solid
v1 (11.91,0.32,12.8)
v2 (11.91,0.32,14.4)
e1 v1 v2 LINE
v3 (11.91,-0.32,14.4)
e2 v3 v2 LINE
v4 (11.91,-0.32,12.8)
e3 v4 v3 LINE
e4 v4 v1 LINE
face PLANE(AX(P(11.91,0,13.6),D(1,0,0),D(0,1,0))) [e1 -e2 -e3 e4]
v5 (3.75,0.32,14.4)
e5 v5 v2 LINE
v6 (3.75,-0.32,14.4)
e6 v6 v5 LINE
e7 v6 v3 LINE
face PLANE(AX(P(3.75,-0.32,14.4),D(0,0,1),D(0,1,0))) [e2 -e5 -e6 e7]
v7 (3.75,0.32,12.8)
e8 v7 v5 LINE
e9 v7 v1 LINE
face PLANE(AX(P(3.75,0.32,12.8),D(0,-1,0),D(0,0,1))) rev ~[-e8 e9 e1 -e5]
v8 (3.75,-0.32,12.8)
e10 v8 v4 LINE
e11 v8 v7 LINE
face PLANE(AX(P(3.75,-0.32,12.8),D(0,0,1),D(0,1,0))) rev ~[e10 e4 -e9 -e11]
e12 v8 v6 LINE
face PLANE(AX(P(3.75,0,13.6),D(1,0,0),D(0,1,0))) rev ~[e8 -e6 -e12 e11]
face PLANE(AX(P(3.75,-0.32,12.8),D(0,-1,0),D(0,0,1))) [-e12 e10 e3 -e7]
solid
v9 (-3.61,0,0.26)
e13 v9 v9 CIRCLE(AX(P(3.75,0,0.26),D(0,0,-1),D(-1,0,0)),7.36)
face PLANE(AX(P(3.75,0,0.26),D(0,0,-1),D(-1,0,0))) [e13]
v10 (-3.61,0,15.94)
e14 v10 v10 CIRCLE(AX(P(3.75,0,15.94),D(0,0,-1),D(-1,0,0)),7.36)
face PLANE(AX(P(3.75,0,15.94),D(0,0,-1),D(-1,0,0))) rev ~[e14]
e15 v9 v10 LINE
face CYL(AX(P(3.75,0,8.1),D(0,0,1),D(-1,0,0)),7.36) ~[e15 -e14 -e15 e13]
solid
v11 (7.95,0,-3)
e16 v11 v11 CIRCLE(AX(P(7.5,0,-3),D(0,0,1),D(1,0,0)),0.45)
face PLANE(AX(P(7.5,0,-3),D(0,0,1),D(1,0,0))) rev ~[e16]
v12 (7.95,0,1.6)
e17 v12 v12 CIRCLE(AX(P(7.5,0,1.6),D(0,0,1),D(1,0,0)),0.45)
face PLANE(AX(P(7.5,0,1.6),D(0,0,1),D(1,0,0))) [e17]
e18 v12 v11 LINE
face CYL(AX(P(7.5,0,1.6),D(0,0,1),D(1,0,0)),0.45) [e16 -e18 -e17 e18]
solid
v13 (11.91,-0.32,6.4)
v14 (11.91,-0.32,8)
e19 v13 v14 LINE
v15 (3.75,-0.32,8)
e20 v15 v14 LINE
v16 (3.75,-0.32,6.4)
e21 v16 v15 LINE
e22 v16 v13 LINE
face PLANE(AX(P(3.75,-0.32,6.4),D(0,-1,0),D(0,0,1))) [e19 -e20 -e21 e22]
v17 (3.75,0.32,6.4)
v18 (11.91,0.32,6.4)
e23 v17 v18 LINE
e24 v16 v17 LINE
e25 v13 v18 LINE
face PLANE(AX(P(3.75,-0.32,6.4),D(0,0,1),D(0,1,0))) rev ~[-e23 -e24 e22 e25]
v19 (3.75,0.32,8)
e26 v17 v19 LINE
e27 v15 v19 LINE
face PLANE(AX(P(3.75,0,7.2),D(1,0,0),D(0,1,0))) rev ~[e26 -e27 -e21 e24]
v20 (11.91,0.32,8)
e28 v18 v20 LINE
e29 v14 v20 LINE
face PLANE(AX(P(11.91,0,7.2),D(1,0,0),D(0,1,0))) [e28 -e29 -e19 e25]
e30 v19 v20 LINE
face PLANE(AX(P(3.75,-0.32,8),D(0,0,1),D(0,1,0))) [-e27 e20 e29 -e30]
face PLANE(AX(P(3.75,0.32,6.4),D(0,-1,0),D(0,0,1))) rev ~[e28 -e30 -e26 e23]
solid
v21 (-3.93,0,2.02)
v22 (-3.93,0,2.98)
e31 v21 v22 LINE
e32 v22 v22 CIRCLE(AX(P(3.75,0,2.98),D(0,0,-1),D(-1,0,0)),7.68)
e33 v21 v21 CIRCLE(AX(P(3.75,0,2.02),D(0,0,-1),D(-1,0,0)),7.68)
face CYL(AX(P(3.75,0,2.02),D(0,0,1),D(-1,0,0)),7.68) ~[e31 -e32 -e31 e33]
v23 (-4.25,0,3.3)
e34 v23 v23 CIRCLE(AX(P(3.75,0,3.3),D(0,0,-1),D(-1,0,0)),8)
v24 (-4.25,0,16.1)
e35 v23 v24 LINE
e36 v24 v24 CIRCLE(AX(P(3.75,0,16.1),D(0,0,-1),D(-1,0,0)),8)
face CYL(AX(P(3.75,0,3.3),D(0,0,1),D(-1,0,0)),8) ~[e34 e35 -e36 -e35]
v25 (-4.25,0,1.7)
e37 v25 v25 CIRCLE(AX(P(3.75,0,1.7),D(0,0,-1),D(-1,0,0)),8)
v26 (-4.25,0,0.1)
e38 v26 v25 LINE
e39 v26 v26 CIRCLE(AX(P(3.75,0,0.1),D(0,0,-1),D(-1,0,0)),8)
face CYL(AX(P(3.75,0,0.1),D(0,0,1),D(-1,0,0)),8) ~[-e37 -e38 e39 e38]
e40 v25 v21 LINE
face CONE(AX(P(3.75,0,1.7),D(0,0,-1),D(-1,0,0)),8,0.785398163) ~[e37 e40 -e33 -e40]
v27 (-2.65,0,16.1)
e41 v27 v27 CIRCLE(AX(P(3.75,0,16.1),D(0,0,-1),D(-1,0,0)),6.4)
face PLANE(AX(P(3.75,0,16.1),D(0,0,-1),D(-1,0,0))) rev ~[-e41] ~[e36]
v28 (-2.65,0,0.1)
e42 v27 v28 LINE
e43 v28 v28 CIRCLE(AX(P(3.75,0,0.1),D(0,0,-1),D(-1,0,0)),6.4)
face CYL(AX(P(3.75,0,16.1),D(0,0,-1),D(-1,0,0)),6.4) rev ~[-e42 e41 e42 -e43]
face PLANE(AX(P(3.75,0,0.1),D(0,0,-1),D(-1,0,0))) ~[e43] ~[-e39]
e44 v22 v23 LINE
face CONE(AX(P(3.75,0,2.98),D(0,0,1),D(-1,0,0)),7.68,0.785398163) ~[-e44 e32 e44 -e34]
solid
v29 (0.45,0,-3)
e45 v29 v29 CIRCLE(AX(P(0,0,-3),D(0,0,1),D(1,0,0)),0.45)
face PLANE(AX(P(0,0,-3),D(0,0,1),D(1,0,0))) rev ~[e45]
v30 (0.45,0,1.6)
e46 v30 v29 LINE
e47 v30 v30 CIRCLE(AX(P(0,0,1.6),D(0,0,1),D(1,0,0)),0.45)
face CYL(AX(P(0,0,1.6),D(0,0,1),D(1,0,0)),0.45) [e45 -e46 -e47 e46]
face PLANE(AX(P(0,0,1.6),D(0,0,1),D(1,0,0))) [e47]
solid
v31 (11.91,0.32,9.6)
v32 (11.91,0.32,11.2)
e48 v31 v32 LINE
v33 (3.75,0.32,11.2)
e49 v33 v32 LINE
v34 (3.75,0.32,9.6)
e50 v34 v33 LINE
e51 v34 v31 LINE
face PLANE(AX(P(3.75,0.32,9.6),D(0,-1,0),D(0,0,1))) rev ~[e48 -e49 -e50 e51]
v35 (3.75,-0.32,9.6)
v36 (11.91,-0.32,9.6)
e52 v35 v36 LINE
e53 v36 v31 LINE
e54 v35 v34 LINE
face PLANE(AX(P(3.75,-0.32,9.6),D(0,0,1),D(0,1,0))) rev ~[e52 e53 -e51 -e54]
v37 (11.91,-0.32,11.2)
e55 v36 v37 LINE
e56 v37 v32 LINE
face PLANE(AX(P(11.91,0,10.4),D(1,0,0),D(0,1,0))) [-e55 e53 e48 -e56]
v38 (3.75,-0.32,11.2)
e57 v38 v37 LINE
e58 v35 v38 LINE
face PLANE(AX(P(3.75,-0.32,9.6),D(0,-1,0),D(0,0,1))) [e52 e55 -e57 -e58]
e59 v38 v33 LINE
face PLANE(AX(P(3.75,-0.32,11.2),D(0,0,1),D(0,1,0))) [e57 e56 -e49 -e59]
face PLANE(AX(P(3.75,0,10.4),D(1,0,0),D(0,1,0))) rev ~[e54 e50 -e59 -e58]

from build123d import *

# Parameters (mm, degrees)
SKETCH002_W  = 7.36
SKETCH002_H  = 15.68
SKETCH003_R  = 0.45
PAD_DEPTH    = 4.6
SKETCH004_W  = 0.64
SKETCH004_H  = 1.6
PAD001_DEPTH = 8.16


with BuildPart() as revolution:
    # Sketch → Revolution (revolve)
    with BuildSketch(Plane.XZ):
        Polygon((-4.25, 0.1), (-4.25, 1.7), (-3.93, 2.02), (-3.93, 2.98), (-4.25, 3.3), (-4.25, 16.1), (-2.65, 16.1), (-2.65, 0.1), align=None)
    revolve(axis=Axis((3.75, 0, 7.548619), (0, 0, -1)))


with BuildPart() as revolution001:
    # Sketch002 → Revolution001 (revolve)
    with BuildSketch(Plane.XZ):
        with Locations((0.07, 8.1)):
            Rectangle(SKETCH002_W, SKETCH002_H)
    revolve(axis=Axis((3.75, 0, 4.680116), (0, 0, -1)))


with BuildPart() as pad:
    # Sketch003 → Pad (new body)
    with BuildSketch(Plane.XY.offset(1.6)):
        Circle(SKETCH003_R)
        with Locations((7.5, 0)):
            Circle(SKETCH003_R)
    extrude(amount=-PAD_DEPTH)


with BuildPart() as pad001:
    # Sketch004 → Pad001 (new body)
    with BuildSketch(Plane.YZ.offset(3.75)):
        with Locations((0, 7.2)):
            Rectangle(SKETCH004_W, SKETCH004_H)
        with Locations((0, 10.4)):
            Rectangle(SKETCH004_W, SKETCH004_H)
        with Locations((0, 13.6)):
            Rectangle(SKETCH004_W, SKETCH004_H)
    extrude(amount=PAD001_DEPTH)


solid = Compound([revolution.part, revolution001.part, pad.part, pad001.part])
